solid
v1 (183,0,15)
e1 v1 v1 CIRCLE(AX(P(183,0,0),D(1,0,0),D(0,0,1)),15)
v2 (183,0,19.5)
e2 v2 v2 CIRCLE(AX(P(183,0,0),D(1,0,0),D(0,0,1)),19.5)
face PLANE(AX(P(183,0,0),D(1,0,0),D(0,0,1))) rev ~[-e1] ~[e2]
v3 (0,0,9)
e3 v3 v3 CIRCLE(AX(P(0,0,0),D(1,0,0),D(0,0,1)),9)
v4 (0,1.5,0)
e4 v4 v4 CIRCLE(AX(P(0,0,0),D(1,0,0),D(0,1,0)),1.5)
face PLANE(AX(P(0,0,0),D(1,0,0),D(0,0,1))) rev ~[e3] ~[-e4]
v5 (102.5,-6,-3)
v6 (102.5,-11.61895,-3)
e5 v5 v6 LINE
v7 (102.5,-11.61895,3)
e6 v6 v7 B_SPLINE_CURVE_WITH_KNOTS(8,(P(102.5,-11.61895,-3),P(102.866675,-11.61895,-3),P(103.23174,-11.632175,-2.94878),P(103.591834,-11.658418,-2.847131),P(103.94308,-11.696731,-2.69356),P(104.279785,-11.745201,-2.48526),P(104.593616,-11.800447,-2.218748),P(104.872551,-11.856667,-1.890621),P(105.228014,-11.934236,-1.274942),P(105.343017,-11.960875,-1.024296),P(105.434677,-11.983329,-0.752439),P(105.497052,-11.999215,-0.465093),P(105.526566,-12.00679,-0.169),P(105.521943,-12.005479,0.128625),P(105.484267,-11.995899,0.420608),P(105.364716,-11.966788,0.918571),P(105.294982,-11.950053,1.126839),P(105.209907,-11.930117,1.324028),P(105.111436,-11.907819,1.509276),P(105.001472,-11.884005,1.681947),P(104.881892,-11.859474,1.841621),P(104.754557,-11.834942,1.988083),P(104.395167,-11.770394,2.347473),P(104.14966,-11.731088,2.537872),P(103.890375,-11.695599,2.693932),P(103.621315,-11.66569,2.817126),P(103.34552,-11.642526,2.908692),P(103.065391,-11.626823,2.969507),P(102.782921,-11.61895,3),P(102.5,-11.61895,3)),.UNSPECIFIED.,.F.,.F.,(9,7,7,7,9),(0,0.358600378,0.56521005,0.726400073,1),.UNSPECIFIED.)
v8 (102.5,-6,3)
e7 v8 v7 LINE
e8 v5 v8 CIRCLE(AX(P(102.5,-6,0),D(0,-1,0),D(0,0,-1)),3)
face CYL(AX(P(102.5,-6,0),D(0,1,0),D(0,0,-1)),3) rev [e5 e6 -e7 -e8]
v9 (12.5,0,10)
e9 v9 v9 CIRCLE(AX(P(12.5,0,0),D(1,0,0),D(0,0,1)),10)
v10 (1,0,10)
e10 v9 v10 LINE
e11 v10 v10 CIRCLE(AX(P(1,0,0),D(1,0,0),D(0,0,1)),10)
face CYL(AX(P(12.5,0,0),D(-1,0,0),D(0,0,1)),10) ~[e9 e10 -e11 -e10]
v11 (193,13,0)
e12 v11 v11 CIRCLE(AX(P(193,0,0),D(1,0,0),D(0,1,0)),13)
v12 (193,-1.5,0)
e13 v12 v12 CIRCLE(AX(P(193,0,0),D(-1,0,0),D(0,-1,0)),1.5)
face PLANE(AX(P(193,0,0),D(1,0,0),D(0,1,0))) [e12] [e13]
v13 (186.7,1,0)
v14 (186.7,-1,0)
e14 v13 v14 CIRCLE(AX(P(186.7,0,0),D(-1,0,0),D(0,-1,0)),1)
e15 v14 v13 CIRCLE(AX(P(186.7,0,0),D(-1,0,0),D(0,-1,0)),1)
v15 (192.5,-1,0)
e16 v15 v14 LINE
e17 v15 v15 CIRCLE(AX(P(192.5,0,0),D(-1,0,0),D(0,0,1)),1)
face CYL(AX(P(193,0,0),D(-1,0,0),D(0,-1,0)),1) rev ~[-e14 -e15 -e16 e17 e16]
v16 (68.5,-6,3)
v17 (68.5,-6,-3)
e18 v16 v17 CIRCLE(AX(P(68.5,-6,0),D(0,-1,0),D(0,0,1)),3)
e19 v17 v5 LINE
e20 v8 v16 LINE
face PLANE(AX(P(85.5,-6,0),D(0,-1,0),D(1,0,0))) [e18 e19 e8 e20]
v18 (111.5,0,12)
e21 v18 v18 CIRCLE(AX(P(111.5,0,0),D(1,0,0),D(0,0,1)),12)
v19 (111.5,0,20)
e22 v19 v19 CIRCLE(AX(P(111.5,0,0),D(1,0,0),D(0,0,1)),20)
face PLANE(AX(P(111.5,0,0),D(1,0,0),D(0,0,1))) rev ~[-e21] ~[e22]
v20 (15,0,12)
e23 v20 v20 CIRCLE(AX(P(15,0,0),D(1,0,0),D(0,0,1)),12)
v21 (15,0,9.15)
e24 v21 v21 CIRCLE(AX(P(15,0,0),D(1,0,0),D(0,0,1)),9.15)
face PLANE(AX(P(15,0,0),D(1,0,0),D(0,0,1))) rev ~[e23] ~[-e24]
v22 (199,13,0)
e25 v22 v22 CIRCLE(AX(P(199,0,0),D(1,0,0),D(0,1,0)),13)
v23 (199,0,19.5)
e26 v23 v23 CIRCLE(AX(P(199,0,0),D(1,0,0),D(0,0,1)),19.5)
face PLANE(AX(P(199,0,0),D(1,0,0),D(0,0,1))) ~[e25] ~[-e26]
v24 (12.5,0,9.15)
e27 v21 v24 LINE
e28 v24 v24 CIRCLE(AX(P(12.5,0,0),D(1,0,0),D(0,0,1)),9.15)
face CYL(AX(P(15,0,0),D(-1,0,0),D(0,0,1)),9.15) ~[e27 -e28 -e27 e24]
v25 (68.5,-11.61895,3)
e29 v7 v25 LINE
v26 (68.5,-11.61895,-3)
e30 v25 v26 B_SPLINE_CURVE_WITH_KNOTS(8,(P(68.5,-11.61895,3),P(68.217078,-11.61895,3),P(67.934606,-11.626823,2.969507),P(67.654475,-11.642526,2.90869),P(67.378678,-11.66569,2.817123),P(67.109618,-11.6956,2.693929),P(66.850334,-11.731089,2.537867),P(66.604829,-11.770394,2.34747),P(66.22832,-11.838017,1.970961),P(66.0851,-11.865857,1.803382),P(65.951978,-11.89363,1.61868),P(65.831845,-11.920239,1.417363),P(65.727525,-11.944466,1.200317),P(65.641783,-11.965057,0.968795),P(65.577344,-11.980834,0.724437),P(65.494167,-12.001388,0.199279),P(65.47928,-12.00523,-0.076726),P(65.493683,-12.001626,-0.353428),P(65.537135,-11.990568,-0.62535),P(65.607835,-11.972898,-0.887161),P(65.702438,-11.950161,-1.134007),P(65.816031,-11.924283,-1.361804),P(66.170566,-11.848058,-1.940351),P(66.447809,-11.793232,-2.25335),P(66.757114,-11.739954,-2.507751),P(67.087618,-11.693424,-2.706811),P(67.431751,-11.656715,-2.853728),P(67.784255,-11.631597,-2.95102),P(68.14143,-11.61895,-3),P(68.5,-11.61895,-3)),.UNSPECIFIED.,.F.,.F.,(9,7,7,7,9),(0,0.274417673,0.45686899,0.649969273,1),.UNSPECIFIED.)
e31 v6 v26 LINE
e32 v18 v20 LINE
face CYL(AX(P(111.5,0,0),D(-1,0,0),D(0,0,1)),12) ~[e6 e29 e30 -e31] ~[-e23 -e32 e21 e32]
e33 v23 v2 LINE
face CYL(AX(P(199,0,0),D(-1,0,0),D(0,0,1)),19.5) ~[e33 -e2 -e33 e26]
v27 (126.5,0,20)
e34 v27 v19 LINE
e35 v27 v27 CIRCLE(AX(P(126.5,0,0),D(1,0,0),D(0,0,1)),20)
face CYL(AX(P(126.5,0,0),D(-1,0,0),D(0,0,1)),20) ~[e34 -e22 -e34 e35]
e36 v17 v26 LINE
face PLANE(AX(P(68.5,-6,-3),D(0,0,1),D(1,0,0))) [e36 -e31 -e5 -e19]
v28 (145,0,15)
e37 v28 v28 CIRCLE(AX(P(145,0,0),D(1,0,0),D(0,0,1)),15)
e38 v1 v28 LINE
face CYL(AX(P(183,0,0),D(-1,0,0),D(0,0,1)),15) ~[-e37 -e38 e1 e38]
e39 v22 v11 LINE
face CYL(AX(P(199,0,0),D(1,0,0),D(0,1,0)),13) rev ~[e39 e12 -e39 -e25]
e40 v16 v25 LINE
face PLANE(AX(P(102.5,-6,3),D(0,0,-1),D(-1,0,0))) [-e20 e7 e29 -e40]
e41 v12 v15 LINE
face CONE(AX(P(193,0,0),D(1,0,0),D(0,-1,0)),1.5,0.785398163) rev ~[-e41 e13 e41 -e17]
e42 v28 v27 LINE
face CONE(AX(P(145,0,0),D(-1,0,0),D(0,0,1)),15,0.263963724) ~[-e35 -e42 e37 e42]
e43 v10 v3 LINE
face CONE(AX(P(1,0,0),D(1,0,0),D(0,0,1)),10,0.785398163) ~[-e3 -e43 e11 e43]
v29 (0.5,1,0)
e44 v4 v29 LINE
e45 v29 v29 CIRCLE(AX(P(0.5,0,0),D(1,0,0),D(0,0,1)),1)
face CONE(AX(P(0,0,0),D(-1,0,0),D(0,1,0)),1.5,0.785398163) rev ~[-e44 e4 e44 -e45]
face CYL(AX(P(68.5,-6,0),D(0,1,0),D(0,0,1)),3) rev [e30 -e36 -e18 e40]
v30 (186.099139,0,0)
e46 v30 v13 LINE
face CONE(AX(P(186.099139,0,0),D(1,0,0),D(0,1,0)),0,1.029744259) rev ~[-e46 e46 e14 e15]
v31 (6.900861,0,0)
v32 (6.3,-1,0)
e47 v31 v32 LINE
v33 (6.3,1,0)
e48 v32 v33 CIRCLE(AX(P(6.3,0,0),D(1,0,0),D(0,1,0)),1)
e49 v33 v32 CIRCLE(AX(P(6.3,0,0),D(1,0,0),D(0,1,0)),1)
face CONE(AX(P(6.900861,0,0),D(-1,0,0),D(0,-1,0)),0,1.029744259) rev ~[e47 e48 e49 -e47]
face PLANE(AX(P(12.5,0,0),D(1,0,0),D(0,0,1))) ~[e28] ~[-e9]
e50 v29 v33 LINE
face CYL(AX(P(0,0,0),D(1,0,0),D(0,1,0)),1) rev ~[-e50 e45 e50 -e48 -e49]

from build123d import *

# Parameters (mm, degrees)
F3_START             = 6
F3_DEPTH             = 9.4
F4_R                 = 13
F5_DEPTH             = 6
F8_D                 = 2
F8_DEPTH             = 6.3
F8_CSINK_D           = 3
F8_CSINK_ANGLE       = 90
F8_TIP               = 0.600860619
F8_ON_F6_D           = 2
F8_ON_F6_DEPTH       = 6.3
F8_ON_F6_CSINK_D     = 3
F8_ON_F6_CSINK_ANGLE = 90
F8_ON_F6_TIP         = 0.600860619


with BuildPart() as f1:
    # F0 (on Front) → F1 (revolve)
    with BuildSketch(Plane.XZ):
        Polygon((1, 10), (0, 9), (0, 0), (183, 0), (183, 15), (145, 15), (126.5, 20), (111.5, 20), (111.5, 12), (15, 12), (15, 9.15), (12.5, 9.15), (12.5, 10), align=None)
        Polygon((183, 15), (183, 0), (199, 0), (199, 19.5), (183, 19.5), align=None)
    revolve(axis=Axis((105.2958741784, 0, 0), (1, 0, 0)))

    # F2 (on Front) → F3 (cut)
    with BuildSketch(Plane.XZ.offset(F3_START)):
        with BuildLine():
            ThreePointArc((102.5, -3), (105.5, 0), (102.5, 3))
            Line((102.5, 3), (68.5, 3))
            ThreePointArc((68.5, 3), (65.5, 0), (68.5, -3))
            Line((68.5, -3), (102.5, -3))
        make_face()
    extrude(amount=F3_DEPTH, mode=Mode.SUBTRACT)

    # F4 (on face) → F5 (cut)
    with BuildSketch(Plane.YZ.offset(199)):
        Circle(F4_R)
    extrude(amount=-F5_DEPTH, mode=Mode.SUBTRACT)

    # F8
    with Locations(Plane(origin=(0, 0, 0), x_dir=(0, -1, 0), z_dir=(-1, 0, 0))):
        with Locations((0, 0)):
            CounterSinkHole(F8_D / 2, F8_CSINK_D / 2, depth=F8_DEPTH, counter_sink_angle=F8_CSINK_ANGLE)
            with Locations((0, 0, -(F8_DEPTH + F8_TIP / 2))):  # 118° drill point
                Cone(0, F8_D / 2, F8_TIP, mode=Mode.SUBTRACT)

    # F8 on F6
    with Locations(Plane.YZ.offset(193)):
        with Locations((0, 0)):
            CounterSinkHole(F8_ON_F6_D / 2, F8_ON_F6_CSINK_D / 2, depth=F8_ON_F6_DEPTH, counter_sink_angle=F8_ON_F6_CSINK_ANGLE)
            with Locations((0, 0, -(F8_ON_F6_DEPTH + F8_ON_F6_TIP / 2))):  # 118° drill point
                Cone(0, F8_ON_F6_D / 2, F8_ON_F6_TIP, mode=Mode.SUBTRACT)


solid = f1.part
